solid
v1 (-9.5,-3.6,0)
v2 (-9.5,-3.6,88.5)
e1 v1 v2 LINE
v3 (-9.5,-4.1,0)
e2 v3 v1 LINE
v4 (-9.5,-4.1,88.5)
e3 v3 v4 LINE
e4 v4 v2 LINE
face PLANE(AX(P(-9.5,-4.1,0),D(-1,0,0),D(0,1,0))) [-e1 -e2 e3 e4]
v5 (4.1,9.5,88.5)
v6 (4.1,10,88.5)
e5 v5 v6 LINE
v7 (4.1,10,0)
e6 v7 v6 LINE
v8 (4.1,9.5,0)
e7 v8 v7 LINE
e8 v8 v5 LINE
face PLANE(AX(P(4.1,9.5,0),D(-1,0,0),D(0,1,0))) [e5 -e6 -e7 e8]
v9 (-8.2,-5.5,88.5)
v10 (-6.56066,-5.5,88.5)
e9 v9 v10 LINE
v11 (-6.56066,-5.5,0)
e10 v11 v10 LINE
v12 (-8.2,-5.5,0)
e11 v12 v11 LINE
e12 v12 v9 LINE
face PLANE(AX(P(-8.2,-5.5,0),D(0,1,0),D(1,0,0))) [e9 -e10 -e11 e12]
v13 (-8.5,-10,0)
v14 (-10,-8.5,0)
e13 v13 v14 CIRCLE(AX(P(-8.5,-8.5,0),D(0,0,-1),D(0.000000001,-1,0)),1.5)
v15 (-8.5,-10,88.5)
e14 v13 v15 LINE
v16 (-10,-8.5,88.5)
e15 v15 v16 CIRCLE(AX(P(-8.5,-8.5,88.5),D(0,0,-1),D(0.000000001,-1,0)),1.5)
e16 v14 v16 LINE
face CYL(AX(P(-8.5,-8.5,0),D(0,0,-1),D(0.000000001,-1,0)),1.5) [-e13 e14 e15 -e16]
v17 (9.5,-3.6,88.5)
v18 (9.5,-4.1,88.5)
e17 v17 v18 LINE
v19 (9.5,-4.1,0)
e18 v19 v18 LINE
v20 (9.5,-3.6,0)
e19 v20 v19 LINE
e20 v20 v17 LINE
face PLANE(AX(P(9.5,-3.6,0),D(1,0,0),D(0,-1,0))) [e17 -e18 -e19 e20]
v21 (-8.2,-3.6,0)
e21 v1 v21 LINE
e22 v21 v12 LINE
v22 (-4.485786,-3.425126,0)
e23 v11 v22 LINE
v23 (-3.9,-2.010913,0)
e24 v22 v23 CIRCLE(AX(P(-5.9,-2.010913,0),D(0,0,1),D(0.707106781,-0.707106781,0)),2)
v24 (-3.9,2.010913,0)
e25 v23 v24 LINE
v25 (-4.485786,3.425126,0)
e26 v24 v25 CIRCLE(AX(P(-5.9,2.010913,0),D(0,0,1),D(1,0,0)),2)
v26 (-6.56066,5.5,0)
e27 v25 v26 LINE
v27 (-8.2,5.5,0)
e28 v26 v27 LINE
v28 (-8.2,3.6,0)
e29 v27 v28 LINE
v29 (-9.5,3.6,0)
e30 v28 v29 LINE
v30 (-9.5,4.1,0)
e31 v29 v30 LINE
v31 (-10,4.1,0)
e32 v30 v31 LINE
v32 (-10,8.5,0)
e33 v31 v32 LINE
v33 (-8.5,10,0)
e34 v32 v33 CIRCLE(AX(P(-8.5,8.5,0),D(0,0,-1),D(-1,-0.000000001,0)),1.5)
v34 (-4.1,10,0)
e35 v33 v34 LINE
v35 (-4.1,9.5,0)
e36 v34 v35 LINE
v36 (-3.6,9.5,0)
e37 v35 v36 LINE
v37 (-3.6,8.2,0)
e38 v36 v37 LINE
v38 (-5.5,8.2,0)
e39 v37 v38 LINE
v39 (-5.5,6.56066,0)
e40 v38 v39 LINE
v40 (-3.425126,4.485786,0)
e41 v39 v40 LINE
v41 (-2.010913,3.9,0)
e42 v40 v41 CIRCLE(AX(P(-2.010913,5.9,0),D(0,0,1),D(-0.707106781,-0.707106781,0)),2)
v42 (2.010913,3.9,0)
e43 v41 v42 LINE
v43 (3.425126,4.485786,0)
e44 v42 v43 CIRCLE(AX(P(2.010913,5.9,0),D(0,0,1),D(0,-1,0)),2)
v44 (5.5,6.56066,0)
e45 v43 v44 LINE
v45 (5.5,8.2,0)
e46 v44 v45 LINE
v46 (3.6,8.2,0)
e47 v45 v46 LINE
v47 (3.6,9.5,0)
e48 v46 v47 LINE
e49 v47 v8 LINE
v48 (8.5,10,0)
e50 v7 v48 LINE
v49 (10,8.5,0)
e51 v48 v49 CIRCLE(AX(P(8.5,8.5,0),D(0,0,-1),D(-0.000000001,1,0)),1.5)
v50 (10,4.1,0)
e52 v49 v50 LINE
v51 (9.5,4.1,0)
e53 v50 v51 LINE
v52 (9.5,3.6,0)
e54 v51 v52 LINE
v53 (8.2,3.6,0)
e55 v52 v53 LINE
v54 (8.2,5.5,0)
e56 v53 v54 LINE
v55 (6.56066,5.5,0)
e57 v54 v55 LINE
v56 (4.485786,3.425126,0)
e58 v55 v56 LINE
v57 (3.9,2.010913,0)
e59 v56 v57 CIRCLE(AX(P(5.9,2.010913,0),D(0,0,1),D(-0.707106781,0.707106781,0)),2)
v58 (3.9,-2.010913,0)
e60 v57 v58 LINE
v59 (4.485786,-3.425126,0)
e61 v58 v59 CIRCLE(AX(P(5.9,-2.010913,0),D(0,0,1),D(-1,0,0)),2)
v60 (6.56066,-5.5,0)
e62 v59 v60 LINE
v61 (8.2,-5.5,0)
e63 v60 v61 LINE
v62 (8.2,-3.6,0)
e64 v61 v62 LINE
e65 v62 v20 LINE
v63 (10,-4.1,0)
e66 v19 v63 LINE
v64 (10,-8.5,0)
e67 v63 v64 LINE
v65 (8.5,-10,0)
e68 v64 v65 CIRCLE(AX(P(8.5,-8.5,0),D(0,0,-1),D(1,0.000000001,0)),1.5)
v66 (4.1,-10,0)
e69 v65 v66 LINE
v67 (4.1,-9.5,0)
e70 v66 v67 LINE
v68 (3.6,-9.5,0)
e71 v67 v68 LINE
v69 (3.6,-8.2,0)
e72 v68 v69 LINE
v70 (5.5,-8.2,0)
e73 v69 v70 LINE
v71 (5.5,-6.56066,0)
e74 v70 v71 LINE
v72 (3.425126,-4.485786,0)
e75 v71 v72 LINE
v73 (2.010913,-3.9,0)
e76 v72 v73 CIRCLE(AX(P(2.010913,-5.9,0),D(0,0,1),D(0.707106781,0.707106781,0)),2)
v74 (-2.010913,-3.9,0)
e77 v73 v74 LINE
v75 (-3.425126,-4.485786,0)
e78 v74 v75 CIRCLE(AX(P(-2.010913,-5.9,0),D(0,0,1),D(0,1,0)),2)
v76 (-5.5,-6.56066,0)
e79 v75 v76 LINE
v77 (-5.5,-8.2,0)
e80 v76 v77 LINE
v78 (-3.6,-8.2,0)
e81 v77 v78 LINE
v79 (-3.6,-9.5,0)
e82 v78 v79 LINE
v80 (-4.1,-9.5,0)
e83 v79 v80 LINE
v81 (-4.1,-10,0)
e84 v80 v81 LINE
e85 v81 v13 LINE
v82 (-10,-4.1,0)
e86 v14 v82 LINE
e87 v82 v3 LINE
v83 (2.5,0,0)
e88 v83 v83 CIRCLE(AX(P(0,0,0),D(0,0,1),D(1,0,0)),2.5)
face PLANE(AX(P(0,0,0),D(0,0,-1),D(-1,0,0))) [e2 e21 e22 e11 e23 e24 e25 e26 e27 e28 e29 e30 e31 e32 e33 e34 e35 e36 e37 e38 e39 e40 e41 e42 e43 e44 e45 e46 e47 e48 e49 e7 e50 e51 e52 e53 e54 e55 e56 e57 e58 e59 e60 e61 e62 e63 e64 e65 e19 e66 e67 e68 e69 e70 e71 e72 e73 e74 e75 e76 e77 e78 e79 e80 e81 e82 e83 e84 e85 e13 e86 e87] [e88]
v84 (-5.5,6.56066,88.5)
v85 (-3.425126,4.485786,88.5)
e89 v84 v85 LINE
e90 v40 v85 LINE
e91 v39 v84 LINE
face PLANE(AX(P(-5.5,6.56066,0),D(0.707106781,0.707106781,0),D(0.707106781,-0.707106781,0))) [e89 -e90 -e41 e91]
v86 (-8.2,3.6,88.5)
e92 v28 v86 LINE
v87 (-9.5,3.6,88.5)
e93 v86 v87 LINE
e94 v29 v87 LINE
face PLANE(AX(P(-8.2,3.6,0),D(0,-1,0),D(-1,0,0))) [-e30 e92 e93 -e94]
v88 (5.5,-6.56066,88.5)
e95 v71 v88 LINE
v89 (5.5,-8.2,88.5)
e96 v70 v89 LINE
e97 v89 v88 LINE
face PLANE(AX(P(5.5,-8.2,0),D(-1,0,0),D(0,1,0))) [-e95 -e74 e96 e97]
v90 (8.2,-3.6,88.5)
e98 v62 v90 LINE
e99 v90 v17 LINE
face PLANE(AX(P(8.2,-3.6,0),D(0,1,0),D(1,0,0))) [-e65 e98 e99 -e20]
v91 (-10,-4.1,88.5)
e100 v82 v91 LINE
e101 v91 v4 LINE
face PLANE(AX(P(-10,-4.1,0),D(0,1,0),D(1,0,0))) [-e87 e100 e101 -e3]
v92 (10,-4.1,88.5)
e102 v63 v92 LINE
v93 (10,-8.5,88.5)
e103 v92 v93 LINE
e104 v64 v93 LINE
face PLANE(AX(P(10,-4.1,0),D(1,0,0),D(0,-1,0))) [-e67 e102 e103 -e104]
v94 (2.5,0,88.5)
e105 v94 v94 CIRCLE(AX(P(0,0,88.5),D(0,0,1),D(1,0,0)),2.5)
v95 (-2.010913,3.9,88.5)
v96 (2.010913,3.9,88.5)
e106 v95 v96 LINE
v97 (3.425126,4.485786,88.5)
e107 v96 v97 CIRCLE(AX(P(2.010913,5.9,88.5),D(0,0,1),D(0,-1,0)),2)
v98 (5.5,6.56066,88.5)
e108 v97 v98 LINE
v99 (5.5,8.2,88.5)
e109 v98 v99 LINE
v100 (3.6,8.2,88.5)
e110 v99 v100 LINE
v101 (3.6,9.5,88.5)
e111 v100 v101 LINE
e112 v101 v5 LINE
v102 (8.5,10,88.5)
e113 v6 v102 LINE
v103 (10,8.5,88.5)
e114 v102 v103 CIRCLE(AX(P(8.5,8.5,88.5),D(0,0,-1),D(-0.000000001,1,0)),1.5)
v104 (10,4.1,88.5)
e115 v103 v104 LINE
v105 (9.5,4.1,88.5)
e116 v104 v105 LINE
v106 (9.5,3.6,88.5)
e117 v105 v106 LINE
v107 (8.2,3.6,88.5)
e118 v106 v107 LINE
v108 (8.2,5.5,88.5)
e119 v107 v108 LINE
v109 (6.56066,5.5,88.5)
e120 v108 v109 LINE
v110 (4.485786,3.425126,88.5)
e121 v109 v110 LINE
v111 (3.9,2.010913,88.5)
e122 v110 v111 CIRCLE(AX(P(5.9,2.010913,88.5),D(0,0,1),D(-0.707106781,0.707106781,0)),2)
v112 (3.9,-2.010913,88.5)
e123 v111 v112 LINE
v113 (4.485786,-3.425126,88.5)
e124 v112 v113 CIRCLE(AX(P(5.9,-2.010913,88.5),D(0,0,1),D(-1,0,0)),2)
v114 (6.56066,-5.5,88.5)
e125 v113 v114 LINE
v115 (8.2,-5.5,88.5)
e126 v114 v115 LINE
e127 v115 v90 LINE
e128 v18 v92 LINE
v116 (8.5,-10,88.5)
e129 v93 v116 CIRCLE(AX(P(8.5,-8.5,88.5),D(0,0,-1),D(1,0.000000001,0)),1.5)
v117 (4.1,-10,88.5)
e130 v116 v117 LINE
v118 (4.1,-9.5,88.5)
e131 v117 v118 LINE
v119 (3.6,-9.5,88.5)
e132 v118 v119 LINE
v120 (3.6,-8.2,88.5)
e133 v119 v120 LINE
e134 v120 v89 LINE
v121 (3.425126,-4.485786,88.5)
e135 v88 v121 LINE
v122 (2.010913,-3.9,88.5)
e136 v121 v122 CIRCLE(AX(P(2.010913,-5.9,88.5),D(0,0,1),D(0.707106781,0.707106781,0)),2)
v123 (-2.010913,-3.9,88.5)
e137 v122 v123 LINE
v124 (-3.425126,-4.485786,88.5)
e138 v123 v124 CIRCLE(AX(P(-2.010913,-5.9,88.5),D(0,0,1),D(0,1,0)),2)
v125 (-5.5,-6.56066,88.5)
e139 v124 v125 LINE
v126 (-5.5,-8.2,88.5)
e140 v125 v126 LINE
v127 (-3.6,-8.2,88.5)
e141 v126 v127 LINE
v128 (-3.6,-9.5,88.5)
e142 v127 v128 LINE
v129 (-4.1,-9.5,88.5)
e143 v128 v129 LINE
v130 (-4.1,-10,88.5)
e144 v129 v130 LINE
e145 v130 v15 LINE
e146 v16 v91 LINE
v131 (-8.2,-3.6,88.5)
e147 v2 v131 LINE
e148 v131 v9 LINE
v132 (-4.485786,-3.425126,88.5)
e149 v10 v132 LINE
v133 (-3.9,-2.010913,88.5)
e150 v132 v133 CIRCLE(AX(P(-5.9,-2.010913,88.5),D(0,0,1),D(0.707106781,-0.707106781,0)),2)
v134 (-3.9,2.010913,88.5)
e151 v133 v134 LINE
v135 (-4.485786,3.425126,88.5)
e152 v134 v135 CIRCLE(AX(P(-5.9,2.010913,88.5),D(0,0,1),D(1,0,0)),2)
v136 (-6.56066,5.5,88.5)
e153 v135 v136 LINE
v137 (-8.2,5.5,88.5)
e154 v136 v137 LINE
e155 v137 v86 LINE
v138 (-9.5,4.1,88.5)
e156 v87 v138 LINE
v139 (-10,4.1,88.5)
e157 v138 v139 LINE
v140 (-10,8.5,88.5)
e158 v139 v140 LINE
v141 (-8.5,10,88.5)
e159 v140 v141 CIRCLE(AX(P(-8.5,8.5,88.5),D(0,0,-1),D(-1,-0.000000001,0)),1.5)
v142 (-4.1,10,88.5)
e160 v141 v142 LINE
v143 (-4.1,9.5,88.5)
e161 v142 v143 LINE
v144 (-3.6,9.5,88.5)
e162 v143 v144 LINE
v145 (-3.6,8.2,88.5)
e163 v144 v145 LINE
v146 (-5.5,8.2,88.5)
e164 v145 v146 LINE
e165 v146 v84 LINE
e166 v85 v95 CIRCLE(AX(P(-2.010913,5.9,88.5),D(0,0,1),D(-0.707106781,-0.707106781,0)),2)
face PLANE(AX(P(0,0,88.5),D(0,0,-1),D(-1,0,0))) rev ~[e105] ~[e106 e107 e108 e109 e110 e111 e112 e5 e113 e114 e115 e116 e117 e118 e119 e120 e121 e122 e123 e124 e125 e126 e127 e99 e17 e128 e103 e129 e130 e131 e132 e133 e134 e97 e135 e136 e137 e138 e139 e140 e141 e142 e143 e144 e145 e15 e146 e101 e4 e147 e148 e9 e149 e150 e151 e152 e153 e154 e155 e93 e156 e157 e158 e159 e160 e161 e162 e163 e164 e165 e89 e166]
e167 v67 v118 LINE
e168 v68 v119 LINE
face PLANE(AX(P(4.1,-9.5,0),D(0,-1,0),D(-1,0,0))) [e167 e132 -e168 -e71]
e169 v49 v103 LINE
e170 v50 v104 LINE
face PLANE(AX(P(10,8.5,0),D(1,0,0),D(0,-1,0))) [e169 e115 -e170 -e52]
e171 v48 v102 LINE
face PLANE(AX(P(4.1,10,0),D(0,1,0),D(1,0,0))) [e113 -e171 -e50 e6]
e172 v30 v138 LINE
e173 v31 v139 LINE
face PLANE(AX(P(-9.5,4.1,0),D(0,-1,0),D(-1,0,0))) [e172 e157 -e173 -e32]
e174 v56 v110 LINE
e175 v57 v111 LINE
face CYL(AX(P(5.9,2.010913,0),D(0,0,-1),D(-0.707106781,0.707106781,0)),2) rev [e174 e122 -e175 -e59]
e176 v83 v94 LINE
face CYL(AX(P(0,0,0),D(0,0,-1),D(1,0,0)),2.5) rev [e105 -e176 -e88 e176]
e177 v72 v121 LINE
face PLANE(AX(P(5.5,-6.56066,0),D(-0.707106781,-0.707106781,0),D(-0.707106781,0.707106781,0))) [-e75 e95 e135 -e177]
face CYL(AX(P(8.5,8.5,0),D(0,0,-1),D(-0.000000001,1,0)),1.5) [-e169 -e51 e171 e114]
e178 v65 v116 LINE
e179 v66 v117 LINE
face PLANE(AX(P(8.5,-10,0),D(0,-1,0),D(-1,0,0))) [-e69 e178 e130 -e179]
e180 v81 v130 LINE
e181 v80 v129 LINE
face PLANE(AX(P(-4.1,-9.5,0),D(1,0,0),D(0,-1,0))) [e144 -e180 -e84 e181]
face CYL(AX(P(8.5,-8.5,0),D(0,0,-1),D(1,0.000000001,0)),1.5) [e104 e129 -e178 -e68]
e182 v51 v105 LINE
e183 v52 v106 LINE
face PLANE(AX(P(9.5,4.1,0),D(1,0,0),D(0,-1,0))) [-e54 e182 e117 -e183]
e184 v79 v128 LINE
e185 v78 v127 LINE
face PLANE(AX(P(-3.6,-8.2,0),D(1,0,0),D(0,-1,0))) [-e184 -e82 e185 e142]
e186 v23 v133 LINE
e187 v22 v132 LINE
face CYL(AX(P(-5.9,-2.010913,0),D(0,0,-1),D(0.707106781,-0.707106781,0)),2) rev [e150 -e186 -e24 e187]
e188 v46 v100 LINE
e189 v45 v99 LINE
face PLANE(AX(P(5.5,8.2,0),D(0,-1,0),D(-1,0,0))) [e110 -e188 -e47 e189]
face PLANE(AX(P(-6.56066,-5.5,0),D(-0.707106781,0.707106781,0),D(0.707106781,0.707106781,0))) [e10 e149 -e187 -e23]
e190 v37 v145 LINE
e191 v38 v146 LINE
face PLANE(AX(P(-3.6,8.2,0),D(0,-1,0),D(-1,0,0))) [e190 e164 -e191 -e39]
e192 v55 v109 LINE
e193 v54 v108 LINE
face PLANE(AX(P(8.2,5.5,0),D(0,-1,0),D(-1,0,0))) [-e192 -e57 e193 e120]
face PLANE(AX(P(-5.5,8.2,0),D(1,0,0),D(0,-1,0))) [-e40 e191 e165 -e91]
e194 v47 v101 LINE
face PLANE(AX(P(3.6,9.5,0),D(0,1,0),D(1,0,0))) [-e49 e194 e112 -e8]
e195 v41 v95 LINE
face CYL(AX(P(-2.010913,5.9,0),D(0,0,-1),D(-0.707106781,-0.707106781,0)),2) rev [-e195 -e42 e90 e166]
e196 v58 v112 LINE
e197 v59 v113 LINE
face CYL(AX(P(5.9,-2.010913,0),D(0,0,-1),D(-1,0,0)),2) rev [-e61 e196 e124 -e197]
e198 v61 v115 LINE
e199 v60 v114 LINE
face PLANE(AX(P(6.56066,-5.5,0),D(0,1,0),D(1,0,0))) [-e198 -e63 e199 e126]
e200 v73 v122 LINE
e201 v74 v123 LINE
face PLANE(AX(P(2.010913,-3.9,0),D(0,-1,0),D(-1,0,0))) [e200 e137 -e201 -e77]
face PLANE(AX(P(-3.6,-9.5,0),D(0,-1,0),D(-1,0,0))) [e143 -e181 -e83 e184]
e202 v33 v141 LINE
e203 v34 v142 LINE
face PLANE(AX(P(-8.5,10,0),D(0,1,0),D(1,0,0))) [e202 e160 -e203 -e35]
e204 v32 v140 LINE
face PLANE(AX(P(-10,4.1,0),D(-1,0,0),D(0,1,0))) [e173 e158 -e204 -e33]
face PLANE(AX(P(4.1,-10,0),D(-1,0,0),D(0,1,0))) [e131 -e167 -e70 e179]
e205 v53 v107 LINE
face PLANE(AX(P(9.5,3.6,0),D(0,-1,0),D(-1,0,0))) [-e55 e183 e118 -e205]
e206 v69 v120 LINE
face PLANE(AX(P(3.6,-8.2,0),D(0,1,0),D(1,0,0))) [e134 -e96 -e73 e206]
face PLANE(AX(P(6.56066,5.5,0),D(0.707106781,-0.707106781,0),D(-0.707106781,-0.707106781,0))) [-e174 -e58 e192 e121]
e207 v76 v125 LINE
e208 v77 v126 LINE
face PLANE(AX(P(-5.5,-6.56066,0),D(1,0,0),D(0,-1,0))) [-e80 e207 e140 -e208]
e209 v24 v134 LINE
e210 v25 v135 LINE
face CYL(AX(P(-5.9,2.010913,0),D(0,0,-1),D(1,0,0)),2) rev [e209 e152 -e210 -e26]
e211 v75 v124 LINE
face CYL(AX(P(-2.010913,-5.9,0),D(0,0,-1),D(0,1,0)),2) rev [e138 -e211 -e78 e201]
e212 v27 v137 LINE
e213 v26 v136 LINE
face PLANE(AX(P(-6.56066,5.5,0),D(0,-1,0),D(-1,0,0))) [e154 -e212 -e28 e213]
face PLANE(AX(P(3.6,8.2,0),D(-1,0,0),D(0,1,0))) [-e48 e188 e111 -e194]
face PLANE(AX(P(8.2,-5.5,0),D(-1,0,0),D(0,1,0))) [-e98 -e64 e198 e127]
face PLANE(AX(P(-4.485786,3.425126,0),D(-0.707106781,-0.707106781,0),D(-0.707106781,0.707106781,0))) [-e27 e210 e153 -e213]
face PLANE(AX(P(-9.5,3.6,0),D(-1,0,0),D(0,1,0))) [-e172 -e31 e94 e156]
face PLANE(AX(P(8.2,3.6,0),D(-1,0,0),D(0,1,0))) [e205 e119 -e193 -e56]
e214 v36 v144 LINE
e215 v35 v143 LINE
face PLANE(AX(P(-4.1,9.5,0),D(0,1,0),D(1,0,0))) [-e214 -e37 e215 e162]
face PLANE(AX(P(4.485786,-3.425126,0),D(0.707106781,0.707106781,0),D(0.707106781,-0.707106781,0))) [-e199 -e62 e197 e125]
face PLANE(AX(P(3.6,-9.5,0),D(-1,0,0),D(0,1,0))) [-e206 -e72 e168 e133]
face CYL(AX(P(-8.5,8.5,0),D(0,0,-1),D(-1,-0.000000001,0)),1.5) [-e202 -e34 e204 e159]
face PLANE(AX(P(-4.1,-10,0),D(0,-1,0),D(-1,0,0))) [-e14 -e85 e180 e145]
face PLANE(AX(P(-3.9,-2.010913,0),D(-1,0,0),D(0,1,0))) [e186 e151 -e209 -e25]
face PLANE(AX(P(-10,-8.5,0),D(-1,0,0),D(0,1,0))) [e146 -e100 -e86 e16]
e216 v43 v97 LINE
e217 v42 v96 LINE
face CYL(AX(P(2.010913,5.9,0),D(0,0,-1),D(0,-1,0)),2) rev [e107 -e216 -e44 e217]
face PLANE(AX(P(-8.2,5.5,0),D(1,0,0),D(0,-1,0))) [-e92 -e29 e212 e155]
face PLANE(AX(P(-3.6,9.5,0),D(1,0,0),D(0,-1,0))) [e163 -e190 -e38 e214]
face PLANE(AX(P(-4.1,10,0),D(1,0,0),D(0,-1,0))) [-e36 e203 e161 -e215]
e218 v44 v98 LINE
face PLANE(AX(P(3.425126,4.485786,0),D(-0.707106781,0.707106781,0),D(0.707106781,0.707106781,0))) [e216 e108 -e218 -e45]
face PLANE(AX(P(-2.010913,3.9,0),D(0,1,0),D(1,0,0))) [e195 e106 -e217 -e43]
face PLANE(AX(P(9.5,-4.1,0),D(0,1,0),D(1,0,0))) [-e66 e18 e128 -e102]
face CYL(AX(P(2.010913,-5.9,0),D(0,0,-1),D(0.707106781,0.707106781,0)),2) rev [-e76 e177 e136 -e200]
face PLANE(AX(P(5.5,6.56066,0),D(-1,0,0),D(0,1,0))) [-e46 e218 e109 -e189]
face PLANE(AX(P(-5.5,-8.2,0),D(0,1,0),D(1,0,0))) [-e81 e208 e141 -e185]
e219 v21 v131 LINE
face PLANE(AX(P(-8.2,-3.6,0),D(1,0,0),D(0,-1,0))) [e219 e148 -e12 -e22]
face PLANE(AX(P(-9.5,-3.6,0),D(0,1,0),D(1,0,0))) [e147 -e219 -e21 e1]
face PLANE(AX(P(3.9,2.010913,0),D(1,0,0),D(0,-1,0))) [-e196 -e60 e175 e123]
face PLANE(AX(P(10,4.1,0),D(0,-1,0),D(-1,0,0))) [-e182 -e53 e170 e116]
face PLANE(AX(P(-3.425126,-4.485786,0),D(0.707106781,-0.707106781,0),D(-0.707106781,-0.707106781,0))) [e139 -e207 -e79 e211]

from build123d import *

# Parameters (mm, degrees)
SKETCH1_R           = 2.5
BOSS_EXTRUDE2_DEPTH = 88.5


with BuildPart() as part:
    # Sketch1 → Boss-Extrude2 (new body)
    with BuildSketch(Plane.XY):
        with BuildLine():
            Line((10, -4.1), (10, -8.5))
            ThreePointArc((10, -8.5), (9.560660172, -9.560660172), (8.5, -10))
            Line((8.5, -10), (4.1, -10))
            Line((4.1, -10), (4.1, -9.5))
            Line((4.1, -9.5), (3.6, -9.5))
            Line((3.6, -9.5), (3.6, -8.2))
            Line((3.6, -8.2), (5.5, -8.2))
            Line((5.5, -8.2), (5.5, -6.560660172))
            Line((5.5, -6.560660172), (3.425126266, -4.485786438))
            ThreePointArc((3.425126266, -4.485786438), (2.776279568, -4.052240935), (2.010912703, -3.9))
            Line((2.010912703, -3.9), (-2.010912703, -3.9))
            ThreePointArc((-2.010912703, -3.9), (-2.776279568, -4.052240935), (-3.425126266, -4.485786438))
            Line((-3.425126266, -4.485786438), (-5.5, -6.560660172))
            Line((-5.5, -6.560660172), (-5.5, -8.2))
            Line((-5.5, -8.2), (-3.6, -8.2))
            Line((-3.6, -8.2), (-3.6, -9.5))
            Line((-3.6, -9.5), (-4.1, -9.5))
            Line((-4.1, -9.5), (-4.1, -10))
            Line((-4.1, -10), (-8.5, -10))
            ThreePointArc((-8.5, -10), (-9.560660172, -9.560660172), (-10, -8.5))
            Line((-10, -8.5), (-10, -4.1))
            Line((-10, -4.1), (-9.5, -4.1))
            Line((-9.5, -4.1), (-9.5, -3.6))
            Line((-9.5, -3.6), (-8.2, -3.6))
            Line((-8.2, -3.6), (-8.2, -5.5))
            Line((-8.2, -5.5), (-6.560660172, -5.5))
            Line((-6.560660172, -5.5), (-4.485786438, -3.425126266))
            ThreePointArc((-4.485786438, -3.425126266), (-4.052240935, -2.776279568), (-3.9, -2.010912703))
            Line((-3.9, -2.010912703), (-3.9, 2.010912703))
            ThreePointArc((-3.9, 2.010912703), (-4.052240935, 2.776279568), (-4.485786438, 3.425126266))
            Line((-4.485786438, 3.425126266), (-6.560660172, 5.5))
            Line((-6.560660172, 5.5), (-8.2, 5.5))
            Line((-8.2, 5.5), (-8.2, 3.6))
            Line((-8.2, 3.6), (-9.5, 3.6))
            Line((-9.5, 3.6), (-9.5, 4.1))
            Line((-9.5, 4.1), (-10, 4.1))
            Line((-10, 4.1), (-10, 8.5))
            ThreePointArc((-10, 8.5), (-9.560660172, 9.560660172), (-8.5, 10))
            Line((-8.5, 10), (-4.1, 10))
            Line((-4.1, 10), (-4.1, 9.5))
            Line((-4.1, 9.5), (-3.6, 9.5))
            Line((-3.6, 9.5), (-3.6, 8.2))
            Line((-3.6, 8.2), (-5.5, 8.2))
            Line((-5.5, 8.2), (-5.5, 6.560660172))
            Line((-5.5, 6.560660172), (-3.425126266, 4.485786438))
            ThreePointArc((-3.425126266, 4.485786438), (-2.776279568, 4.052240935), (-2.010912703, 3.9))
            Line((-2.010912703, 3.9), (2.010912703, 3.9))
            ThreePointArc((2.010912703, 3.9), (2.776279568, 4.052240935), (3.425126266, 4.485786438))
            Line((3.425126266, 4.485786438), (5.5, 6.560660172))
            Line((5.5, 6.560660172), (5.5, 8.2))
            Line((5.5, 8.2), (3.6, 8.2))
            Line((3.6, 8.2), (3.6, 9.5))
            Line((3.6, 9.5), (4.1, 9.5))
            Line((4.1, 9.5), (4.1, 10))
            Line((4.1, 10), (8.5, 10))
            ThreePointArc((8.5, 10), (9.560660172, 9.560660172), (10, 8.5))
            Line((10, 8.5), (10, 4.1))
            Line((10, 4.1), (9.5, 4.1))
            Line((9.5, 4.1), (9.5, 3.6))
            Line((9.5, 3.6), (8.2, 3.6))
            Line((8.2, 3.6), (8.2, 5.5))
            Line((8.2, 5.5), (6.560660172, 5.5))
            Line((6.560660172, 5.5), (4.485786438, 3.425126266))
            ThreePointArc((4.485786438, 3.425126266), (4.052240935, 2.776279568), (3.9, 2.010912703))
            Line((3.9, 2.010912703), (3.9, -2.010912703))
            ThreePointArc((3.9, -2.010912703), (4.052240935, -2.776279568), (4.485786438, -3.425126266))
            Line((4.485786438, -3.425126266), (6.560660172, -5.5))
            Line((6.560660172, -5.5), (8.2, -5.5))
            Line((8.2, -5.5), (8.2, -3.6))
            Line((8.2, -3.6), (9.5, -3.6))
            Line((9.5, -3.6), (9.5, -4.1))
            Line((9.5, -4.1), (10, -4.1))
        make_face()
        Circle(SKETCH1_R, mode=Mode.SUBTRACT)
    extrude(amount=BOSS_EXTRUDE2_DEPTH)


solid = part.part
